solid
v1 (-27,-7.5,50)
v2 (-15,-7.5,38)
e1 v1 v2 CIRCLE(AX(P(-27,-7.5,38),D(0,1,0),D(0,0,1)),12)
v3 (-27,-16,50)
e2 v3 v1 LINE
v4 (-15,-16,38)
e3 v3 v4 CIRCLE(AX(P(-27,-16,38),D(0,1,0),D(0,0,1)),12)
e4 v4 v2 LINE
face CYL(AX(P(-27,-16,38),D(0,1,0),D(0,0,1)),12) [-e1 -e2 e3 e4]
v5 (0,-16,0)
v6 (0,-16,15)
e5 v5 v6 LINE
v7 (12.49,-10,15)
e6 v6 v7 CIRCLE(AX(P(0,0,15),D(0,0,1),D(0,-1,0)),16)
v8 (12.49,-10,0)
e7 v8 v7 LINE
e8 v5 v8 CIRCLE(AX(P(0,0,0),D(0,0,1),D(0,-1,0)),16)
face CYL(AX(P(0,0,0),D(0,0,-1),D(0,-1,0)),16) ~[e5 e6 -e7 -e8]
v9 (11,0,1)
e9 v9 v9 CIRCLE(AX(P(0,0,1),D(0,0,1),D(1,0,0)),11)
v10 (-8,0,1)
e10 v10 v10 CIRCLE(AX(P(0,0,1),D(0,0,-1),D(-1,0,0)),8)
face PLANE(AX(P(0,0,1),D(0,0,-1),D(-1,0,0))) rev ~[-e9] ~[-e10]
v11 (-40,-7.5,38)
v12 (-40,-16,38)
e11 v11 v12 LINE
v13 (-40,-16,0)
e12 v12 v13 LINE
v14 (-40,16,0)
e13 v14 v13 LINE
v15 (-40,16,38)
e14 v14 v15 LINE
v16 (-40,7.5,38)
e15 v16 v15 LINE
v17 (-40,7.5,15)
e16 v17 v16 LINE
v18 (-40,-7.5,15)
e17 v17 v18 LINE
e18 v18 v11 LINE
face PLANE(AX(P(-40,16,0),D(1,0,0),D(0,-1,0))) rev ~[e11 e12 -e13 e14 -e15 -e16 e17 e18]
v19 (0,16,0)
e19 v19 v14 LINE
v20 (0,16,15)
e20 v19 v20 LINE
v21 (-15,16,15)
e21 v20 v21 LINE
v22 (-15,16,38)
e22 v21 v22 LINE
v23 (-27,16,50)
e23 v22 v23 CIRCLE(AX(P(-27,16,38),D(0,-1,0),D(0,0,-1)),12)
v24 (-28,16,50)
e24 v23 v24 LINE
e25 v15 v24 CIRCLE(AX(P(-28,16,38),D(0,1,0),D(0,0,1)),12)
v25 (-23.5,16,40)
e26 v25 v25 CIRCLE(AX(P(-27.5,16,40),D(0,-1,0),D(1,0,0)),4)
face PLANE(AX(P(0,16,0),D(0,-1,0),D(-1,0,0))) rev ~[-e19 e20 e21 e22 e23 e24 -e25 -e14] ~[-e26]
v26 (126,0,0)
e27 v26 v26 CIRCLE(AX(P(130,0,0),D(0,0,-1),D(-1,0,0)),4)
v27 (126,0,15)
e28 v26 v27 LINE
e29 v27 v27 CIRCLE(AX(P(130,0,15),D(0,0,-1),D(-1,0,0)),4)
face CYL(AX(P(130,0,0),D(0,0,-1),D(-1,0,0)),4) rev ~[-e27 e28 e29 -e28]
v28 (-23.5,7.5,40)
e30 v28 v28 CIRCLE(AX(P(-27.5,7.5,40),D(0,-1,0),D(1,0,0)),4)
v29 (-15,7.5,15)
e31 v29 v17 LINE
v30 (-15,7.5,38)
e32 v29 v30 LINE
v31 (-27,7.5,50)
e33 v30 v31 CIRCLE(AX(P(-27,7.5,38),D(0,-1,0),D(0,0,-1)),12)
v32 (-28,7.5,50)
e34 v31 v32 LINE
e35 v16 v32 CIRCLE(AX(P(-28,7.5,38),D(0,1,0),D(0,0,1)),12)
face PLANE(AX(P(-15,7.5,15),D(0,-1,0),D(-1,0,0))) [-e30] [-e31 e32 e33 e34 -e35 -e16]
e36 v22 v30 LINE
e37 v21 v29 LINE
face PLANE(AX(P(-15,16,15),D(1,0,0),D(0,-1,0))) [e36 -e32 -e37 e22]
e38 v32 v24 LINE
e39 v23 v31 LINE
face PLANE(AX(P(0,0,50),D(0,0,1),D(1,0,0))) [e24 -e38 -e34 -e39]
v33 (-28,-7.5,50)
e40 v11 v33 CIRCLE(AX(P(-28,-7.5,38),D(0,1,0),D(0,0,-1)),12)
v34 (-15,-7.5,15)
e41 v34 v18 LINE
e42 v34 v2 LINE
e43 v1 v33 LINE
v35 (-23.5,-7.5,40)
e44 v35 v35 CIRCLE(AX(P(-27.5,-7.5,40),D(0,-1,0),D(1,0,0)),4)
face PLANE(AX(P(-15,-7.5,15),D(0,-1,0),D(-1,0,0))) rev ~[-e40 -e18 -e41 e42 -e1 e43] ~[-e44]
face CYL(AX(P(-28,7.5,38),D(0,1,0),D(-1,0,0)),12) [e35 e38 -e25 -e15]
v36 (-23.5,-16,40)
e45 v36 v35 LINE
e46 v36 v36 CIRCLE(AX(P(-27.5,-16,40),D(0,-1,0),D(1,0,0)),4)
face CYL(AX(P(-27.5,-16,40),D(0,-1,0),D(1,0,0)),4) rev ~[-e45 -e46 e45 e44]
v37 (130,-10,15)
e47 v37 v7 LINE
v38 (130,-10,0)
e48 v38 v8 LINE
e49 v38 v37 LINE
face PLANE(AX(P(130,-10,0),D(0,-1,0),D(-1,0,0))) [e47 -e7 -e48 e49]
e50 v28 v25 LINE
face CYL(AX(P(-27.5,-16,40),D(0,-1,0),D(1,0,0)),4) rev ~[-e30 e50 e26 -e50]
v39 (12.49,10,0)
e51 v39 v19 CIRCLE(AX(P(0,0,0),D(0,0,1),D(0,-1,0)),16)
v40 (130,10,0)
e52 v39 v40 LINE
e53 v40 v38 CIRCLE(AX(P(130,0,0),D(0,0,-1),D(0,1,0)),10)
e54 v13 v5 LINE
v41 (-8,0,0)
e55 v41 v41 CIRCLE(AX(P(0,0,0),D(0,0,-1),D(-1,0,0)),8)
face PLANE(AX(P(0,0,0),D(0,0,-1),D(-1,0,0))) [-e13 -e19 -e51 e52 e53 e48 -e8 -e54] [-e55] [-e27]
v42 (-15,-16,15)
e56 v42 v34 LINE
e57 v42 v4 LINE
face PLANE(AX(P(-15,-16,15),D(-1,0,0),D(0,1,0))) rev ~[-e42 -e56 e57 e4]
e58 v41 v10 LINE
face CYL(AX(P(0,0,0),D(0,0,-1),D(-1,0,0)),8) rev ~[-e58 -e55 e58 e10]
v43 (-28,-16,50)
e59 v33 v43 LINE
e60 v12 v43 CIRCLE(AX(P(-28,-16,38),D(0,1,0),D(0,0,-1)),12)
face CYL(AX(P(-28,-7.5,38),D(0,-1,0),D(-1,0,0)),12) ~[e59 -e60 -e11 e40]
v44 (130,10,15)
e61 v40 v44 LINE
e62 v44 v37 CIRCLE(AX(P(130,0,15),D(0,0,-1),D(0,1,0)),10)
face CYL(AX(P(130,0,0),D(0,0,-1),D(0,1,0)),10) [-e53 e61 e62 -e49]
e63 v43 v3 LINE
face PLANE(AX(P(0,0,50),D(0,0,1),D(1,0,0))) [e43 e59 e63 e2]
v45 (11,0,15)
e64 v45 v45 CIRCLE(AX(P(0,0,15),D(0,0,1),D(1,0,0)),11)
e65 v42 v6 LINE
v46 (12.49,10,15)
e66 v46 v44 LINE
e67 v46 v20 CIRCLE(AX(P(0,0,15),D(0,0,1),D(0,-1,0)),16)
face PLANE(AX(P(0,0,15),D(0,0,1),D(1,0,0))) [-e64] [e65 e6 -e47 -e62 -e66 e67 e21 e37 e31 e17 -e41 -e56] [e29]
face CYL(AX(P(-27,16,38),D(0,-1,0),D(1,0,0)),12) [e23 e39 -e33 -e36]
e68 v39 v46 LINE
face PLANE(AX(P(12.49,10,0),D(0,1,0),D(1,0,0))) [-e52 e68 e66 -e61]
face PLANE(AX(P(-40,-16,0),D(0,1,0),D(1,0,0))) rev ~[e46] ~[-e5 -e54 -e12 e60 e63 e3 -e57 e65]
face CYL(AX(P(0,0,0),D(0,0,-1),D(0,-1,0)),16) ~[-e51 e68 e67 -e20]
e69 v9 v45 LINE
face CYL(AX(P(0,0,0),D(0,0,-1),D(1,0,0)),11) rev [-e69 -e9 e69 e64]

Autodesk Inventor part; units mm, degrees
ref_plane "YZ Plane" through (0, 0, 0) normal (1, 0, 0) x (0, 1, 0)
ref_plane "XZ Plane" through (0, 0, 0) normal (0, 1, 0) x (-1, 0, 0)
ref_plane "XY Plane" through (0, 0, 0) normal (0, 0, 1) x (1, 0, 0)
sketch "Sketch1" plane through (0, 0, 0) normal (0, 0, 1) x (1, 0, 0)
  line L0 (0, 0) -> (-40, 0) construction
  line L1 (0, 16) -> (-40, 16)
  line L2 (-40, -16) -> (0, -16)
  arc A0 (0, -16) -> (0, 16) centre (0, 0) ccw
  arc A1 (-40, 16) -> (-40, -16) centre (-40, 0) ccw construction
  circle A2 centre (0, 0) radius 11
  line L3 (-40, 16) -> (-40, -16)
  point P0 (-20, 0)
  dimension "d0" = 22
  dimension "d1" = 5
  dimension "d2" = 40
extrude "Extrusion1" add sketch "Sketch1" along normal blind 15
sketch "Sketch2" plane through (0, 0, 15) normal (0, 0, 1) x (1, 0, 0)
  line L0 (0, 16) -> (-40, 16) projected
  line L1 (-40, 16) -> (-15, 16)
  line L2 (-15, 16) -> (-15, 7.5)
  line L3 (-15, 7.5) -> (-40, 7.5)
  line L4 (-40, 7.5) -> (-40, 16)
  line L5 (-40, 16) -> (-40, -16) projected
  line L6 (-40, -16) -> (-15, -16)
  line L7 (-15, -16) -> (-15, -7.5)
  line L8 (-15, -7.5) -> (-40, -7.5)
  line L9 (-40, -7.5) -> (-40, -16)
  point P0 (0, 0)
  dimension "d5" = 25
  dimension "d6" = 15
extrude "Extrusion2" add sketch "Sketch2" along normal blind 35
sketch "Sketch3" plane through (-40, -16, 0) normal (0, -1, 0) x (1, 0, 0)
  line L0 (0, 15) -> (25, 15) projected
  line L1 (0, 50) -> (25, 50) construction
  line L2 (12.5, 50) -> (12.5, 40) construction
  circle A0 centre (12.5, 40) radius 4
  point P0 (40, 0)
  dimension "d9" = 8
  dimension "d10" = 10
extrude "Extrusion3" cut sketch "Sketch3" against normal through all
fillet "Fillet1" radius 12 4 edges at (-15, 11.75, 50) (-40, 11.75, 50) (-15, -11.75, 50) (-40, -11.75, 50)
sketch "Sketch4" plane through (0, 0, 0) normal (0, 0, -1) x (-1, 0, 0)
  circle A0 centre (0, 0) radius 11 projected
  circle A1 centre (0, 0) radius 8
  dimension "d14" = 16
extrude "Extrusion4" add sketch "Sketch4" against normal blind 1
sketch "Sketch5" plane through (0, 0, 0) normal (0, 0, -1) x (-1, 0, 0)
  arc A0 (-120, 50) -> (-120, -50) centre (0, 0) ccw construction
  line L0 (0, 0) -> (-120, 50) construction
  circle A1 centre (0, 0) radius 11 construction
  line L1 (0, 0) -> (-120, -50) construction
  line L2 (0, 0) -> (-130, 0) construction
  line L3 (-120, 50) -> (-120, -50) construction
  line L4 (0, 0) -> (-130, 0) construction
  line L5 (0, 10) -> (-12.49, 10)
  line L6 (-130, -10) -> (-12.49, -10)
  arc A2 (0, -10) -> (0, 10) centre (0, 0) ccw
  arc A3 (-130, 10) -> (-130, -10) centre (-130, 0) ccw
  circle A4 centre (-130, 0) radius 4
  arc A5 (0, 16) -> (0, -16) centre (0, 0) ccw projected
  arc A6 (-12.49, 10) -> (-12.49, -10) centre (0, 0) ccw
  line L7 (-12.49, 10) -> (-130, 10)
  line L8 (-12.49, -10) -> (0, -10)
  point P0 (-65, 0)
  dimension "d17" = 100
  dimension "d18" = 130
  dimension "d19" = 45.24
  dimension "d20" = 10
  dimension "d21" = 8
extrude "Extrusion5" add sketch "Sketch5" against normal up to surface (15 mm away) contours A5 L6 A3 L7
properties part number "tiller rotation bracket"
